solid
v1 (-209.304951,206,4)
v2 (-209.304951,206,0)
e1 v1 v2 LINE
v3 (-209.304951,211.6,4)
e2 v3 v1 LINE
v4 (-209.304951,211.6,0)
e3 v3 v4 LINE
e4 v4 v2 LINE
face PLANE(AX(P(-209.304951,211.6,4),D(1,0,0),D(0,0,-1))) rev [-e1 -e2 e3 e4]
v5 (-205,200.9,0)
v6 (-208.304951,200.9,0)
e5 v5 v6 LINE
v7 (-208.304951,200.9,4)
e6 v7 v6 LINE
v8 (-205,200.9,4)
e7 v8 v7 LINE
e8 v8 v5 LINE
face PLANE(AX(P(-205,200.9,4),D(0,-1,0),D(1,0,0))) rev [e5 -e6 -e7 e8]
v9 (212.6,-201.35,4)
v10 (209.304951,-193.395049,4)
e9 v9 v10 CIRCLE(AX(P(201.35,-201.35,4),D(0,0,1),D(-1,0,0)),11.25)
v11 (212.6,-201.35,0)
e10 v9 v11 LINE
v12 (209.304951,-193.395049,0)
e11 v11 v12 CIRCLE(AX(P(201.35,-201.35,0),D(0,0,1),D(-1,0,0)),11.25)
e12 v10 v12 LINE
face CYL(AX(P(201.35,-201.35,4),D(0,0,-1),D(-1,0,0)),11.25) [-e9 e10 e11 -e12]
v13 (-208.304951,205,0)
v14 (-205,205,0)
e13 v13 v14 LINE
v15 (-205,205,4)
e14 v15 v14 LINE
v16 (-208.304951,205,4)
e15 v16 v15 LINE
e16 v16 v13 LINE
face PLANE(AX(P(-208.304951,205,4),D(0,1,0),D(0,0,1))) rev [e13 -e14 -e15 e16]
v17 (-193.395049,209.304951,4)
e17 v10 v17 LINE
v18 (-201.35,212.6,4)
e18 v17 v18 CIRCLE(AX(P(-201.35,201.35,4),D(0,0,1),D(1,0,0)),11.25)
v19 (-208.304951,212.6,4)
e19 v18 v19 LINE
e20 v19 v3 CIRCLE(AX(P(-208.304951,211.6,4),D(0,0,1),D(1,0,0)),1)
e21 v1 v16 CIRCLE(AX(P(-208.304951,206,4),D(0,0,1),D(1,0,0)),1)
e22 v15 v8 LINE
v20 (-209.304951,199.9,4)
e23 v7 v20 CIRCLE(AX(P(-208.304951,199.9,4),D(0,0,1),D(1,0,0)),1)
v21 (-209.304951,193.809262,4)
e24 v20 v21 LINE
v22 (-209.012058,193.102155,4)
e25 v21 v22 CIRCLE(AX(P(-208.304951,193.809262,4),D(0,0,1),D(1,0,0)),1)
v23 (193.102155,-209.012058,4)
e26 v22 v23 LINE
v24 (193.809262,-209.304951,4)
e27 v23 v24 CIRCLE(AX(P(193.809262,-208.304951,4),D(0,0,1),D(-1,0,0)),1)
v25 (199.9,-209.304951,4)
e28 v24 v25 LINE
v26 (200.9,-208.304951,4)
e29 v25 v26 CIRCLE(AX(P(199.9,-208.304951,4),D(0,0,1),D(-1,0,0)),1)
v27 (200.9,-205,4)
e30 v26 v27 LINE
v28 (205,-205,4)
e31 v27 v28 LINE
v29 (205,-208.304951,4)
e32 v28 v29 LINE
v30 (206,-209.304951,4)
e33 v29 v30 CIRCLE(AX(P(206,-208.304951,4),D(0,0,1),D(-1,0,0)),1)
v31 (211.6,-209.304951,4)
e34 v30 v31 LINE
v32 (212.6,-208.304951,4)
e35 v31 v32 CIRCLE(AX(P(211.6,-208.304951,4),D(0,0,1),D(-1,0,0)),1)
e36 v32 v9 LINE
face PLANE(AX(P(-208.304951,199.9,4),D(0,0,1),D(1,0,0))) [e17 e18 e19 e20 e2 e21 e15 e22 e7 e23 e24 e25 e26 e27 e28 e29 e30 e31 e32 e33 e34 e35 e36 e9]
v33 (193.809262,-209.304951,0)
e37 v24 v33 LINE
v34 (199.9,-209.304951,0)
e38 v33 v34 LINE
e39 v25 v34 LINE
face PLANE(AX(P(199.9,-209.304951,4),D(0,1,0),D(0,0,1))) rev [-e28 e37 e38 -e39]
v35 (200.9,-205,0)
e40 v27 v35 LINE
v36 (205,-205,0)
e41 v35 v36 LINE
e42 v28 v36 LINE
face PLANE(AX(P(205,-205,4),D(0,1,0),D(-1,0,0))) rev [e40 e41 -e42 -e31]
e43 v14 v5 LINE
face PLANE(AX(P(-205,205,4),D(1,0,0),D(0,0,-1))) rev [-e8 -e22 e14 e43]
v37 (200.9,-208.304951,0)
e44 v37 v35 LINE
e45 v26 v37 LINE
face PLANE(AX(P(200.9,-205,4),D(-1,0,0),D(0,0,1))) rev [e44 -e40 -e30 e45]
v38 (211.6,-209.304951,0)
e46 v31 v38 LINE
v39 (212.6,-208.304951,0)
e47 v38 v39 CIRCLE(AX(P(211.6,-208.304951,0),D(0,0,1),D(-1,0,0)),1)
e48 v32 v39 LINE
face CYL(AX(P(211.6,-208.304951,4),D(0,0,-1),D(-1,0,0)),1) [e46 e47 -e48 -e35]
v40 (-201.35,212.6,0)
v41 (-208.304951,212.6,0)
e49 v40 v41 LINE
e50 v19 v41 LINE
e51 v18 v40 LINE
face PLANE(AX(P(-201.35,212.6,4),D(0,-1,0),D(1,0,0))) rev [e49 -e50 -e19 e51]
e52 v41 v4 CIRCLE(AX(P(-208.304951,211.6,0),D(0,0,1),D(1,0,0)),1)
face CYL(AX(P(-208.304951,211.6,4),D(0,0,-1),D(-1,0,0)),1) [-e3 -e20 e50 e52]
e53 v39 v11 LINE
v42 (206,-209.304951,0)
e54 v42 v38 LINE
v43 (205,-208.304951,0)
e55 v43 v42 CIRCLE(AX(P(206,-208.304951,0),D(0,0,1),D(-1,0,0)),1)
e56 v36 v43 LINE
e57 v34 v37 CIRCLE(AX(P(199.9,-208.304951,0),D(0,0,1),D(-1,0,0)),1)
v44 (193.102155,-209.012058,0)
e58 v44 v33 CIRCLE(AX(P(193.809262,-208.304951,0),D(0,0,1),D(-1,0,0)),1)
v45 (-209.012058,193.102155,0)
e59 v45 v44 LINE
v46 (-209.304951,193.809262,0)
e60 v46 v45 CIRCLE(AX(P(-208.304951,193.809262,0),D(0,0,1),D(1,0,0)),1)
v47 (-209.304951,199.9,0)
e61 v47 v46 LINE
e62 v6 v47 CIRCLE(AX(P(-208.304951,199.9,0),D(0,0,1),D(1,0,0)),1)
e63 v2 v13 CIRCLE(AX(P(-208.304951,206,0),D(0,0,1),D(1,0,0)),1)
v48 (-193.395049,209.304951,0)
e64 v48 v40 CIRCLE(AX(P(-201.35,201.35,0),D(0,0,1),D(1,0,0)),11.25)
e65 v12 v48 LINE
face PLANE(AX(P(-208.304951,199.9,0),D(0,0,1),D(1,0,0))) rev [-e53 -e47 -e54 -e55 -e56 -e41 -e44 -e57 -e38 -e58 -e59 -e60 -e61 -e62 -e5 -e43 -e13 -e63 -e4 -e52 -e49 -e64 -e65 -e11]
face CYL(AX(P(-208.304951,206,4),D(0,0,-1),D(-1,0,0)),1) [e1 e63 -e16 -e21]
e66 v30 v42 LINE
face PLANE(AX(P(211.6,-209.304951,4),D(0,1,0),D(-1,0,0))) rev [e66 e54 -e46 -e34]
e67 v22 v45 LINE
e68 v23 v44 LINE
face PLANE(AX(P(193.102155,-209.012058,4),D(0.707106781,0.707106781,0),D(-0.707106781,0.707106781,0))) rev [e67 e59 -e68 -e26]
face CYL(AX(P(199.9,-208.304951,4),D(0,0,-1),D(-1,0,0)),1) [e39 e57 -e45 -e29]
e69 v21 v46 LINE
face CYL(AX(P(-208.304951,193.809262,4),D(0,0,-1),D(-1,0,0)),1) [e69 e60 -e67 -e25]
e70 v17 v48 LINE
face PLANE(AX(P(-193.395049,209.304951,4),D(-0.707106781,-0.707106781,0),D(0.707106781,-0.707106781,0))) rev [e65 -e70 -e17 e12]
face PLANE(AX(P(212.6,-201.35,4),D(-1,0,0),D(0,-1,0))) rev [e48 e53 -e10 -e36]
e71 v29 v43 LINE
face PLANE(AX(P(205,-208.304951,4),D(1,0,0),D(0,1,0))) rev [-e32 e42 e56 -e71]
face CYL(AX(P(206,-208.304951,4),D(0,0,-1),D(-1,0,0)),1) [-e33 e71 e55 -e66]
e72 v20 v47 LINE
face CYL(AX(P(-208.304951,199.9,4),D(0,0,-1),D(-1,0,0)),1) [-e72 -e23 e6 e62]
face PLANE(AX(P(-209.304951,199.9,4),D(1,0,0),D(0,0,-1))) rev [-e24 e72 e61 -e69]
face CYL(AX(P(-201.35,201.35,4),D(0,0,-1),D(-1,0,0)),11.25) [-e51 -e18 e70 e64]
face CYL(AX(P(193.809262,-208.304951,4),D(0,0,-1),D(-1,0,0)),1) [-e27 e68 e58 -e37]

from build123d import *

# Parameters (mm, degrees)
BOSS_EXTRUDE1_DEPTH = 4


with BuildPart() as part:
    # Sketch1 → Boss-Extrude1 (new body)
    with BuildSketch(Plane.XY):
        with BuildLine():
            Line((-201.35, 212.6), (-208.304951288, 212.6))
            ThreePointArc((-208.304951288, 212.6), (-209.01205807, 212.307106781), (-209.304951288, 211.6))
            Line((-209.304951288, 211.6), (-209.304951288, 206))
            ThreePointArc((-209.304951288, 206), (-209.01205807, 205.292893219), (-208.304951288, 205))
            Line((-208.304951288, 205), (-205, 205))
            Line((-205, 205), (-205, 200.9))
            Line((-205, 200.9), (-208.304951288, 200.9))
            ThreePointArc((-208.304951288, 200.9), (-209.01205807, 200.607106781), (-209.304951288, 199.9))
            Line((-209.304951288, 199.9), (-209.304951288, 193.809262274))
            ThreePointArc((-209.304951288, 193.809262274), (-209.228830821, 193.426578842), (-209.01205807, 193.102155493))
            Line((-209.01205807, 193.102155493), (-205, 189.090097423))
            Line((-205, 189.090097423), (189.090097423, -205))
            Line((189.090097423, -205), (193.102155493, -209.01205807))
            ThreePointArc((193.102155493, -209.01205807), (193.426578842, -209.228830821), (193.809262274, -209.304951288))
            Line((193.809262274, -209.304951288), (199.9, -209.304951288))
            ThreePointArc((199.9, -209.304951288), (200.607106781, -209.01205807), (200.9, -208.304951288))
            Line((200.9, -208.304951288), (200.9, -205))
            Line((200.9, -205), (205, -205))
            Line((205, -205), (205, -208.304951288))
            ThreePointArc((205, -208.304951288), (205.292893219, -209.01205807), (206, -209.304951288))
            Line((206, -209.304951288), (211.6, -209.304951288))
            ThreePointArc((211.6, -209.304951288), (212.307106781, -209.01205807), (212.6, -208.304951288))
            Line((212.6, -208.304951288), (212.6, -201.35))
            ThreePointArc((212.6, -201.35), (211.743644741, -197.044811386), (209.304951288, -193.395048712))
            Line((209.304951288, -193.395048712), (205, -189.090097423))
            Line((205, -189.090097423), (-189.090097423, 205))
            Line((-189.090097423, 205), (-193.395048712, 209.304951288))
            ThreePointArc((-193.395048712, 209.304951288), (-197.044811386, 211.743644741), (-201.35, 212.6))
        make_face()
    extrude(amount=BOSS_EXTRUDE1_DEPTH)


solid = part.part
